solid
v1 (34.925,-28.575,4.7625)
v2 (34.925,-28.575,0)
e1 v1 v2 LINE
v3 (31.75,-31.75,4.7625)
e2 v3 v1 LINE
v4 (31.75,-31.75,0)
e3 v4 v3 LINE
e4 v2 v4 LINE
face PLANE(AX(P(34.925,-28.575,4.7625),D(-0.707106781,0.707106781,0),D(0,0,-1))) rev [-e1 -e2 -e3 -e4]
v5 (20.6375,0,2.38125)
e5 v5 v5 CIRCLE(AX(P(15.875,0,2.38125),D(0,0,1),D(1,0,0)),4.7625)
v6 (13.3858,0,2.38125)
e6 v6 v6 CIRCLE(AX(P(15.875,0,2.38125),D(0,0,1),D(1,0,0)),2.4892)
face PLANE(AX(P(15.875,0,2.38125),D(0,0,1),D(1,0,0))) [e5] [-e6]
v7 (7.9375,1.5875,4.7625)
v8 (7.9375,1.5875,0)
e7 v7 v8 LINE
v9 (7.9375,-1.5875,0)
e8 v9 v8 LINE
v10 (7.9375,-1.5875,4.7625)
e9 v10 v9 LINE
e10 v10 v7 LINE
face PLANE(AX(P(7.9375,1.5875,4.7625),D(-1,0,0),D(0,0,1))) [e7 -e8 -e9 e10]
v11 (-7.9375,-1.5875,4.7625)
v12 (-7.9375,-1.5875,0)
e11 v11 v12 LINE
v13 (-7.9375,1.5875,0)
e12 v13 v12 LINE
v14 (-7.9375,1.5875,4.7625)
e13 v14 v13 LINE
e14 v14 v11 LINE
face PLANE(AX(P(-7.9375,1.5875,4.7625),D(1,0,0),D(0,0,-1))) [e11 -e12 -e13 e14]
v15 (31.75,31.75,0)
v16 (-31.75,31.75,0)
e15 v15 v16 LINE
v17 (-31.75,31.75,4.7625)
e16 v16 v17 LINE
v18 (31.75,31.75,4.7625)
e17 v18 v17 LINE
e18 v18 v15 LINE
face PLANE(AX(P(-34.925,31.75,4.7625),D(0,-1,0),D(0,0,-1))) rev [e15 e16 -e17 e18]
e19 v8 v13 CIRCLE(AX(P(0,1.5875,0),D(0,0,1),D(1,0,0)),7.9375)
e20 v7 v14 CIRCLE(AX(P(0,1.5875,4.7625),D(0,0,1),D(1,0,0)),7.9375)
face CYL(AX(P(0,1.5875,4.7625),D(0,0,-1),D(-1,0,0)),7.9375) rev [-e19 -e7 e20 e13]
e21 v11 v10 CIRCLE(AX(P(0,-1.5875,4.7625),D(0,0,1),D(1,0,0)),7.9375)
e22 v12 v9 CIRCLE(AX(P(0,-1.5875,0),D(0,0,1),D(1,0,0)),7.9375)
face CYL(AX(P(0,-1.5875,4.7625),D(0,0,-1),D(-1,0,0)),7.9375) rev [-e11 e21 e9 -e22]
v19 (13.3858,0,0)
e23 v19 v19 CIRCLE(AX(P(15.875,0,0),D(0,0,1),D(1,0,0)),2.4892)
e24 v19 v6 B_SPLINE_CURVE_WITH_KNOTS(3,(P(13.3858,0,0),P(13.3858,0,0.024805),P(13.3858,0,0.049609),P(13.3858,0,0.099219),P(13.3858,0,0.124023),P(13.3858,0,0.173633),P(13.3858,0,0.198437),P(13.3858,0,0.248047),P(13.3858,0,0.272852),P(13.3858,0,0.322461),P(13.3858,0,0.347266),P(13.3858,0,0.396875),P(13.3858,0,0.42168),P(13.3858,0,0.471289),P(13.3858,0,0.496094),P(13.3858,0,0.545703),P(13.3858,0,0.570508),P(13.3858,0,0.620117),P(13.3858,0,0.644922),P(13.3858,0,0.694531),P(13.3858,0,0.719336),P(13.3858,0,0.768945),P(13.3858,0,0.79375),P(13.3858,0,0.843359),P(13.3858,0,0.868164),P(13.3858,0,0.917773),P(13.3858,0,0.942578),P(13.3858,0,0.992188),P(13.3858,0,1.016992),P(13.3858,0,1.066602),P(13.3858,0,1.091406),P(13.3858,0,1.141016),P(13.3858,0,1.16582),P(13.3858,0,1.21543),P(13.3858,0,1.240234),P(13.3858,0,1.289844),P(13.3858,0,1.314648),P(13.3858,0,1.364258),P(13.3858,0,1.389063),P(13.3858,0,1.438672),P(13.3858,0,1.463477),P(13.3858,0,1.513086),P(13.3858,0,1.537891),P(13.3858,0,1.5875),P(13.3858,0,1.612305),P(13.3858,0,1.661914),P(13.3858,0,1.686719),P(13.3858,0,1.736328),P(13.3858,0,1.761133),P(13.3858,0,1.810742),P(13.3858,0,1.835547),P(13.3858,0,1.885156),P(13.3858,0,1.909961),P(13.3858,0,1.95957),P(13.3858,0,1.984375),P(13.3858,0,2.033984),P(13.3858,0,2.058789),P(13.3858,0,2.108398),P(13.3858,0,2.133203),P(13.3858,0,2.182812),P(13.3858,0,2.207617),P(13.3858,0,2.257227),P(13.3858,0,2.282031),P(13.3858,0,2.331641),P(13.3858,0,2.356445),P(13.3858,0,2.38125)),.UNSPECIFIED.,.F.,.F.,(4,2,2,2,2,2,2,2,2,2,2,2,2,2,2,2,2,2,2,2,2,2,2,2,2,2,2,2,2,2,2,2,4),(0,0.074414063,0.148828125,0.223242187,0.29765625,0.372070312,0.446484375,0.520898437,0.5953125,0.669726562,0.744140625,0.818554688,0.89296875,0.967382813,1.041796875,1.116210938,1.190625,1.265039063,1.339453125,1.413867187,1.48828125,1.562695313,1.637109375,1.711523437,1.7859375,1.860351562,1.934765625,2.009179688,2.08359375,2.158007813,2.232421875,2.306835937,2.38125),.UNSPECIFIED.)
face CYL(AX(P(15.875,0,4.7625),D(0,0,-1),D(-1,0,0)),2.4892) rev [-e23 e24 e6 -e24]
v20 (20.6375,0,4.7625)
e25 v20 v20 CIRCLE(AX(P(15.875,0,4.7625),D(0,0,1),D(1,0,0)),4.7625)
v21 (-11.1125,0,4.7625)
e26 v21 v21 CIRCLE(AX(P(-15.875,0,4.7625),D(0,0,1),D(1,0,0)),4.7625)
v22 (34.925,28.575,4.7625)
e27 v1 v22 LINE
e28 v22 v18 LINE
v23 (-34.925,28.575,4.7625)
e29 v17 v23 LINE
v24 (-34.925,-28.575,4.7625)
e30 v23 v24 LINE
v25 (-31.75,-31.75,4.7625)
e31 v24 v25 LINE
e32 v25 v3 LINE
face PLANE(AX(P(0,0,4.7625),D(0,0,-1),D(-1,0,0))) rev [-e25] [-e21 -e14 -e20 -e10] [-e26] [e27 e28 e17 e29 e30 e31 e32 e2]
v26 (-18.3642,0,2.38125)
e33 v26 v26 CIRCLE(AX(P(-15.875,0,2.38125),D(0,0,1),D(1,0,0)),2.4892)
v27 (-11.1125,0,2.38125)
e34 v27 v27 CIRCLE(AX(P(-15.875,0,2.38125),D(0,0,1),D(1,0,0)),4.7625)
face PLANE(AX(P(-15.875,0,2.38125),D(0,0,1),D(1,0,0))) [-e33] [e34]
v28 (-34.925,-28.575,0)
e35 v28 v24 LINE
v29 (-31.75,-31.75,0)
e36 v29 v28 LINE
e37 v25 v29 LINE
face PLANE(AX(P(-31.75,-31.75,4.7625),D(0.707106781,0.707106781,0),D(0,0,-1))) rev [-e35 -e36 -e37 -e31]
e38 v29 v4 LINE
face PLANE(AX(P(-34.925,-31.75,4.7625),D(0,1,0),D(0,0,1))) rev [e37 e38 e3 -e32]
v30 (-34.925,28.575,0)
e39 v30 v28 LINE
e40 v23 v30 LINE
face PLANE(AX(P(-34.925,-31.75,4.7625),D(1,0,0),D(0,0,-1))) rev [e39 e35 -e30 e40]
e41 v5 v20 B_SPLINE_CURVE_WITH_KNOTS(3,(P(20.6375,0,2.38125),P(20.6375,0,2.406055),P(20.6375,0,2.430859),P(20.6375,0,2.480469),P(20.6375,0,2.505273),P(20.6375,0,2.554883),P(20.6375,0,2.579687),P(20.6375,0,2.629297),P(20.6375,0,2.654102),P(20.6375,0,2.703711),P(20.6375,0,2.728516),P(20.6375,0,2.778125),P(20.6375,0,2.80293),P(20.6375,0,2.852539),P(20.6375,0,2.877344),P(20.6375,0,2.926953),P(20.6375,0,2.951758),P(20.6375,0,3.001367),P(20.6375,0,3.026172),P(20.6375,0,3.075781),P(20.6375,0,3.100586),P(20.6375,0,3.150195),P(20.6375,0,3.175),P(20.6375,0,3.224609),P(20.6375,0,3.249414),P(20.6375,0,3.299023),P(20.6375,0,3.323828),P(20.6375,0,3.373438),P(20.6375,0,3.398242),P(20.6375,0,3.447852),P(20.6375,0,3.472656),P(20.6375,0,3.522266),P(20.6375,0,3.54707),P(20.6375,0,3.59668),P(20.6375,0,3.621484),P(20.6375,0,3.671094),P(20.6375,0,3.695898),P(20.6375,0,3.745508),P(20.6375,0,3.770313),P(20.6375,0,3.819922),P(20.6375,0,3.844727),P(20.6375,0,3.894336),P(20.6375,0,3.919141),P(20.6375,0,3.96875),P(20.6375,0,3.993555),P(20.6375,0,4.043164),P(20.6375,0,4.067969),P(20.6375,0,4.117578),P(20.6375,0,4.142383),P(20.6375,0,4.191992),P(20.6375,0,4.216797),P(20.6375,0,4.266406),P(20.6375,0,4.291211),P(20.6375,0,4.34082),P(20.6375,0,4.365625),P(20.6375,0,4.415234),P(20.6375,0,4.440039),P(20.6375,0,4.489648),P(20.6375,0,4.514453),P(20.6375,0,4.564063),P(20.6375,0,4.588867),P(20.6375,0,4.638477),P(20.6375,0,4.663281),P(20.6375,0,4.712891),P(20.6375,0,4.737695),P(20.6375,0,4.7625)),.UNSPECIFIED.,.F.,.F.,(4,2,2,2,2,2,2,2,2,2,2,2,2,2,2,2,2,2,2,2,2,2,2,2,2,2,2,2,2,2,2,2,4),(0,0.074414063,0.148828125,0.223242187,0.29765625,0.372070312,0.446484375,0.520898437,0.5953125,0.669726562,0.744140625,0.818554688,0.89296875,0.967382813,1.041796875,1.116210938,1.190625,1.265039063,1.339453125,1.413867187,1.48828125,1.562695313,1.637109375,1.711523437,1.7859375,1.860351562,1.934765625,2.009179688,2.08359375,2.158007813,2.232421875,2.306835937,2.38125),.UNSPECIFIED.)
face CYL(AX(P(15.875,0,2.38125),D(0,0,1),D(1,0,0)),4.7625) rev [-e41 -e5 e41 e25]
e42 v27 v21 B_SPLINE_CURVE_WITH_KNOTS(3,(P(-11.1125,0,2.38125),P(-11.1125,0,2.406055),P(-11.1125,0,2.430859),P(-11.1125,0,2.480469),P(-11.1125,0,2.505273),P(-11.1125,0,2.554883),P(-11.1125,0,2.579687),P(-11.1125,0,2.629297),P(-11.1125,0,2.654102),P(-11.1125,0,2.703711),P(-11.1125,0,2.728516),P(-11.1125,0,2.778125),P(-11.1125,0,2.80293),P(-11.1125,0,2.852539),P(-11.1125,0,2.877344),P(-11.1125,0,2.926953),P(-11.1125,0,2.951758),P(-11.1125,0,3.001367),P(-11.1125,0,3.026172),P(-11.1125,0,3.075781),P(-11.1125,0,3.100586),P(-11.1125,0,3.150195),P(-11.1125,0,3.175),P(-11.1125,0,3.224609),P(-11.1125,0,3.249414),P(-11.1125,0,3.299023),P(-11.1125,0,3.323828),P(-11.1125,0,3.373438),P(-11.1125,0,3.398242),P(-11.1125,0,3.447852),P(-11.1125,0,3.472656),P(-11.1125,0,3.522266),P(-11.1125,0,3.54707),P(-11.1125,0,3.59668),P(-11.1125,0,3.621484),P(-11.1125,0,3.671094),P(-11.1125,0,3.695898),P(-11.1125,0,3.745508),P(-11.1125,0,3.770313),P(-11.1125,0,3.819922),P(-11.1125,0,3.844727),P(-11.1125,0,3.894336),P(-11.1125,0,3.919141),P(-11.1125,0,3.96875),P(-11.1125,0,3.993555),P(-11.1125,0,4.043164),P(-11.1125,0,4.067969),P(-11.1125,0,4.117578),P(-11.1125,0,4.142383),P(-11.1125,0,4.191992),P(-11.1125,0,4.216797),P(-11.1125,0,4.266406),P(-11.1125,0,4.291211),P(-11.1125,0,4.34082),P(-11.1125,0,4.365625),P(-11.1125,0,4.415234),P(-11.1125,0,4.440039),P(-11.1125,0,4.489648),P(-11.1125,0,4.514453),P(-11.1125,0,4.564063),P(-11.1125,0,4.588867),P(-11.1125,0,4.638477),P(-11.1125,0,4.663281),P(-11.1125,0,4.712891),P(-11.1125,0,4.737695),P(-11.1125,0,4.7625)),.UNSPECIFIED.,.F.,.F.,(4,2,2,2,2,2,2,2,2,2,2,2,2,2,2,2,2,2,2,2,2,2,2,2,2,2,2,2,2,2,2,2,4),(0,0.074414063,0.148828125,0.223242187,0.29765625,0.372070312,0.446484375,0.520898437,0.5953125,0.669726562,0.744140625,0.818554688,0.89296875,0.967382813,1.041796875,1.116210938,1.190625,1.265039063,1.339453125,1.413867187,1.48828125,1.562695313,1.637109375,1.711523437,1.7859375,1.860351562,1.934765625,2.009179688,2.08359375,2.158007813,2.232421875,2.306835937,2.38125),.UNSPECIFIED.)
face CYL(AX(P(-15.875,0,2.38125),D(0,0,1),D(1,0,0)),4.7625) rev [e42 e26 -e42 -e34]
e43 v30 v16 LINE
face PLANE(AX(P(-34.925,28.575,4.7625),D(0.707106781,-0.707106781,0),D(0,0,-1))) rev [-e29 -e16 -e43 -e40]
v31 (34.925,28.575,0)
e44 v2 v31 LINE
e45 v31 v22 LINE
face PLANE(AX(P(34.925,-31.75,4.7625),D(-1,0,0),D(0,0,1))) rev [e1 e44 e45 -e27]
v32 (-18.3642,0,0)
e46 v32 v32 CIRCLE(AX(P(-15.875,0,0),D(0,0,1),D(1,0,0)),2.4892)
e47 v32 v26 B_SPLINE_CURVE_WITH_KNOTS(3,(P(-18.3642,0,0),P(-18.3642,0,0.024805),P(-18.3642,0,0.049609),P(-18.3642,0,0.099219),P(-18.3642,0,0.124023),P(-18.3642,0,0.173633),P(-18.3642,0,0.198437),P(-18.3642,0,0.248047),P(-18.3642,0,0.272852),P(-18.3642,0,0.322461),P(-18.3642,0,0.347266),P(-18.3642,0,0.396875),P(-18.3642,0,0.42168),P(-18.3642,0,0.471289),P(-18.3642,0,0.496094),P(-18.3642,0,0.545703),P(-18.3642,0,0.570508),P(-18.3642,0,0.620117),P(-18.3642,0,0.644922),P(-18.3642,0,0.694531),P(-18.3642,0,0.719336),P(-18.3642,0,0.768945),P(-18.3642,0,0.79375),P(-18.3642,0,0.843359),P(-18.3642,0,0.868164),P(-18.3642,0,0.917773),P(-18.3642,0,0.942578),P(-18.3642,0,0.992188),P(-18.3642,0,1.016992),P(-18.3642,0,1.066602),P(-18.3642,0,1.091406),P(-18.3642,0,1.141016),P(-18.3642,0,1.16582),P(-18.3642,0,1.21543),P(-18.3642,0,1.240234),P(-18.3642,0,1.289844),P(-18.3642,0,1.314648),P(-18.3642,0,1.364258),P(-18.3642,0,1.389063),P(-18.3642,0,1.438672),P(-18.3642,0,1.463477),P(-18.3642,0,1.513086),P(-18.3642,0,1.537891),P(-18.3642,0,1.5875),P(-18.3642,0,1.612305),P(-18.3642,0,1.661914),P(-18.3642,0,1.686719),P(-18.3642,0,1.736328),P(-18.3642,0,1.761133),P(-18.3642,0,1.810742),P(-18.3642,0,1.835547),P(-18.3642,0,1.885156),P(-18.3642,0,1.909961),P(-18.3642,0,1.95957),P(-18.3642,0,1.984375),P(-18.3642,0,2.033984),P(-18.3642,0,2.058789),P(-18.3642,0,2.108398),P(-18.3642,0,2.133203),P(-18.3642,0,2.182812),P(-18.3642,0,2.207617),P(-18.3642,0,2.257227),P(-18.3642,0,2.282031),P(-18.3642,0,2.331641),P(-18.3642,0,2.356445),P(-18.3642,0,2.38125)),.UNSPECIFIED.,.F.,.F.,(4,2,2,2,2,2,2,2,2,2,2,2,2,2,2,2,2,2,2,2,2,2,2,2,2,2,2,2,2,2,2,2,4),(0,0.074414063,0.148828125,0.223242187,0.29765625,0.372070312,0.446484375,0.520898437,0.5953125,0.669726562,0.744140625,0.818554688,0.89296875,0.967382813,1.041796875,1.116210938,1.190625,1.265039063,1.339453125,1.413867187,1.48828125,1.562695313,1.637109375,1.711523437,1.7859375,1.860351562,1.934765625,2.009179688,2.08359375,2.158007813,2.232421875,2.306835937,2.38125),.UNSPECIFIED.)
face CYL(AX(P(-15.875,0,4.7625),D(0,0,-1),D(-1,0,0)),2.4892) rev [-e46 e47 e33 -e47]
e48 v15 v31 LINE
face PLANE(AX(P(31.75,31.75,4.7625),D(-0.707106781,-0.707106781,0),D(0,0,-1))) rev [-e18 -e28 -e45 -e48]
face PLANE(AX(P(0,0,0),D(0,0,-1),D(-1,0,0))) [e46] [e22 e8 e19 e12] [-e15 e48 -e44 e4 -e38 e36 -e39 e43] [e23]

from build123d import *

# Parameters (mm, degrees)
SKETCH1_W           = 69.85
SKETCH1_H           = 63.5
SKETCH1_R           = 2.4892
BOSS_EXTRUDE1_DEPTH = 4.7625
CHAMFER1_SIZE       = 3.175
SKETCH2_R           = 4.7625
CUT_EXTRUDE1_DEPTH  = 2.38125


with BuildPart() as part:
    # Sketch1 → Boss-Extrude1 (new body)
    with BuildSketch(Plane.XY):
        Rectangle(SKETCH1_W, SKETCH1_H)
        with Locations(Location((-15.875, 0, 0), (0, 0, 180))):
            Circle(SKETCH1_R, mode=Mode.SUBTRACT)
        with Locations(Location((15.875, 0, 0), (0, 0, 180))):
            Circle(SKETCH1_R, mode=Mode.SUBTRACT)
        with BuildLine():
            Line((7.9375, 1.5875), (7.9375, -1.5875))
            ThreePointArc((7.9375, -1.5875), (0, -9.525), (-7.9375, -1.5875))
            Line((-7.9375, -1.5875), (-7.9375, 1.5875))
            ThreePointArc((-7.9375, 1.5875), (0, 9.525), (7.9375, 1.5875))
        make_face(mode=Mode.SUBTRACT)
    extrude(amount=BOSS_EXTRUDE1_DEPTH)

    # Chamfer1
    chamfer1_edges = [part.edges().sort_by_distance(p)[0] for p in [
        (34.925, -31.75, 2.38125),
        (-34.925, -31.75, 2.38125),
        (-34.925, 31.75, 2.38125),
        (34.925, 31.75, 2.38125),
    ]]
    chamfer(chamfer1_edges, length=CHAMFER1_SIZE)

    # Sketch2 → Cut-Extrude1 (cut)
    with BuildSketch(Plane.XY.offset(4.7625)):
        with Locations((-15.875, 0)):
            Circle(SKETCH2_R)
        with Locations((15.875, 0)):
            Circle(SKETCH2_R)
    extrude(amount=-CUT_EXTRUDE1_DEPTH, mode=Mode.SUBTRACT)


solid = part.part
